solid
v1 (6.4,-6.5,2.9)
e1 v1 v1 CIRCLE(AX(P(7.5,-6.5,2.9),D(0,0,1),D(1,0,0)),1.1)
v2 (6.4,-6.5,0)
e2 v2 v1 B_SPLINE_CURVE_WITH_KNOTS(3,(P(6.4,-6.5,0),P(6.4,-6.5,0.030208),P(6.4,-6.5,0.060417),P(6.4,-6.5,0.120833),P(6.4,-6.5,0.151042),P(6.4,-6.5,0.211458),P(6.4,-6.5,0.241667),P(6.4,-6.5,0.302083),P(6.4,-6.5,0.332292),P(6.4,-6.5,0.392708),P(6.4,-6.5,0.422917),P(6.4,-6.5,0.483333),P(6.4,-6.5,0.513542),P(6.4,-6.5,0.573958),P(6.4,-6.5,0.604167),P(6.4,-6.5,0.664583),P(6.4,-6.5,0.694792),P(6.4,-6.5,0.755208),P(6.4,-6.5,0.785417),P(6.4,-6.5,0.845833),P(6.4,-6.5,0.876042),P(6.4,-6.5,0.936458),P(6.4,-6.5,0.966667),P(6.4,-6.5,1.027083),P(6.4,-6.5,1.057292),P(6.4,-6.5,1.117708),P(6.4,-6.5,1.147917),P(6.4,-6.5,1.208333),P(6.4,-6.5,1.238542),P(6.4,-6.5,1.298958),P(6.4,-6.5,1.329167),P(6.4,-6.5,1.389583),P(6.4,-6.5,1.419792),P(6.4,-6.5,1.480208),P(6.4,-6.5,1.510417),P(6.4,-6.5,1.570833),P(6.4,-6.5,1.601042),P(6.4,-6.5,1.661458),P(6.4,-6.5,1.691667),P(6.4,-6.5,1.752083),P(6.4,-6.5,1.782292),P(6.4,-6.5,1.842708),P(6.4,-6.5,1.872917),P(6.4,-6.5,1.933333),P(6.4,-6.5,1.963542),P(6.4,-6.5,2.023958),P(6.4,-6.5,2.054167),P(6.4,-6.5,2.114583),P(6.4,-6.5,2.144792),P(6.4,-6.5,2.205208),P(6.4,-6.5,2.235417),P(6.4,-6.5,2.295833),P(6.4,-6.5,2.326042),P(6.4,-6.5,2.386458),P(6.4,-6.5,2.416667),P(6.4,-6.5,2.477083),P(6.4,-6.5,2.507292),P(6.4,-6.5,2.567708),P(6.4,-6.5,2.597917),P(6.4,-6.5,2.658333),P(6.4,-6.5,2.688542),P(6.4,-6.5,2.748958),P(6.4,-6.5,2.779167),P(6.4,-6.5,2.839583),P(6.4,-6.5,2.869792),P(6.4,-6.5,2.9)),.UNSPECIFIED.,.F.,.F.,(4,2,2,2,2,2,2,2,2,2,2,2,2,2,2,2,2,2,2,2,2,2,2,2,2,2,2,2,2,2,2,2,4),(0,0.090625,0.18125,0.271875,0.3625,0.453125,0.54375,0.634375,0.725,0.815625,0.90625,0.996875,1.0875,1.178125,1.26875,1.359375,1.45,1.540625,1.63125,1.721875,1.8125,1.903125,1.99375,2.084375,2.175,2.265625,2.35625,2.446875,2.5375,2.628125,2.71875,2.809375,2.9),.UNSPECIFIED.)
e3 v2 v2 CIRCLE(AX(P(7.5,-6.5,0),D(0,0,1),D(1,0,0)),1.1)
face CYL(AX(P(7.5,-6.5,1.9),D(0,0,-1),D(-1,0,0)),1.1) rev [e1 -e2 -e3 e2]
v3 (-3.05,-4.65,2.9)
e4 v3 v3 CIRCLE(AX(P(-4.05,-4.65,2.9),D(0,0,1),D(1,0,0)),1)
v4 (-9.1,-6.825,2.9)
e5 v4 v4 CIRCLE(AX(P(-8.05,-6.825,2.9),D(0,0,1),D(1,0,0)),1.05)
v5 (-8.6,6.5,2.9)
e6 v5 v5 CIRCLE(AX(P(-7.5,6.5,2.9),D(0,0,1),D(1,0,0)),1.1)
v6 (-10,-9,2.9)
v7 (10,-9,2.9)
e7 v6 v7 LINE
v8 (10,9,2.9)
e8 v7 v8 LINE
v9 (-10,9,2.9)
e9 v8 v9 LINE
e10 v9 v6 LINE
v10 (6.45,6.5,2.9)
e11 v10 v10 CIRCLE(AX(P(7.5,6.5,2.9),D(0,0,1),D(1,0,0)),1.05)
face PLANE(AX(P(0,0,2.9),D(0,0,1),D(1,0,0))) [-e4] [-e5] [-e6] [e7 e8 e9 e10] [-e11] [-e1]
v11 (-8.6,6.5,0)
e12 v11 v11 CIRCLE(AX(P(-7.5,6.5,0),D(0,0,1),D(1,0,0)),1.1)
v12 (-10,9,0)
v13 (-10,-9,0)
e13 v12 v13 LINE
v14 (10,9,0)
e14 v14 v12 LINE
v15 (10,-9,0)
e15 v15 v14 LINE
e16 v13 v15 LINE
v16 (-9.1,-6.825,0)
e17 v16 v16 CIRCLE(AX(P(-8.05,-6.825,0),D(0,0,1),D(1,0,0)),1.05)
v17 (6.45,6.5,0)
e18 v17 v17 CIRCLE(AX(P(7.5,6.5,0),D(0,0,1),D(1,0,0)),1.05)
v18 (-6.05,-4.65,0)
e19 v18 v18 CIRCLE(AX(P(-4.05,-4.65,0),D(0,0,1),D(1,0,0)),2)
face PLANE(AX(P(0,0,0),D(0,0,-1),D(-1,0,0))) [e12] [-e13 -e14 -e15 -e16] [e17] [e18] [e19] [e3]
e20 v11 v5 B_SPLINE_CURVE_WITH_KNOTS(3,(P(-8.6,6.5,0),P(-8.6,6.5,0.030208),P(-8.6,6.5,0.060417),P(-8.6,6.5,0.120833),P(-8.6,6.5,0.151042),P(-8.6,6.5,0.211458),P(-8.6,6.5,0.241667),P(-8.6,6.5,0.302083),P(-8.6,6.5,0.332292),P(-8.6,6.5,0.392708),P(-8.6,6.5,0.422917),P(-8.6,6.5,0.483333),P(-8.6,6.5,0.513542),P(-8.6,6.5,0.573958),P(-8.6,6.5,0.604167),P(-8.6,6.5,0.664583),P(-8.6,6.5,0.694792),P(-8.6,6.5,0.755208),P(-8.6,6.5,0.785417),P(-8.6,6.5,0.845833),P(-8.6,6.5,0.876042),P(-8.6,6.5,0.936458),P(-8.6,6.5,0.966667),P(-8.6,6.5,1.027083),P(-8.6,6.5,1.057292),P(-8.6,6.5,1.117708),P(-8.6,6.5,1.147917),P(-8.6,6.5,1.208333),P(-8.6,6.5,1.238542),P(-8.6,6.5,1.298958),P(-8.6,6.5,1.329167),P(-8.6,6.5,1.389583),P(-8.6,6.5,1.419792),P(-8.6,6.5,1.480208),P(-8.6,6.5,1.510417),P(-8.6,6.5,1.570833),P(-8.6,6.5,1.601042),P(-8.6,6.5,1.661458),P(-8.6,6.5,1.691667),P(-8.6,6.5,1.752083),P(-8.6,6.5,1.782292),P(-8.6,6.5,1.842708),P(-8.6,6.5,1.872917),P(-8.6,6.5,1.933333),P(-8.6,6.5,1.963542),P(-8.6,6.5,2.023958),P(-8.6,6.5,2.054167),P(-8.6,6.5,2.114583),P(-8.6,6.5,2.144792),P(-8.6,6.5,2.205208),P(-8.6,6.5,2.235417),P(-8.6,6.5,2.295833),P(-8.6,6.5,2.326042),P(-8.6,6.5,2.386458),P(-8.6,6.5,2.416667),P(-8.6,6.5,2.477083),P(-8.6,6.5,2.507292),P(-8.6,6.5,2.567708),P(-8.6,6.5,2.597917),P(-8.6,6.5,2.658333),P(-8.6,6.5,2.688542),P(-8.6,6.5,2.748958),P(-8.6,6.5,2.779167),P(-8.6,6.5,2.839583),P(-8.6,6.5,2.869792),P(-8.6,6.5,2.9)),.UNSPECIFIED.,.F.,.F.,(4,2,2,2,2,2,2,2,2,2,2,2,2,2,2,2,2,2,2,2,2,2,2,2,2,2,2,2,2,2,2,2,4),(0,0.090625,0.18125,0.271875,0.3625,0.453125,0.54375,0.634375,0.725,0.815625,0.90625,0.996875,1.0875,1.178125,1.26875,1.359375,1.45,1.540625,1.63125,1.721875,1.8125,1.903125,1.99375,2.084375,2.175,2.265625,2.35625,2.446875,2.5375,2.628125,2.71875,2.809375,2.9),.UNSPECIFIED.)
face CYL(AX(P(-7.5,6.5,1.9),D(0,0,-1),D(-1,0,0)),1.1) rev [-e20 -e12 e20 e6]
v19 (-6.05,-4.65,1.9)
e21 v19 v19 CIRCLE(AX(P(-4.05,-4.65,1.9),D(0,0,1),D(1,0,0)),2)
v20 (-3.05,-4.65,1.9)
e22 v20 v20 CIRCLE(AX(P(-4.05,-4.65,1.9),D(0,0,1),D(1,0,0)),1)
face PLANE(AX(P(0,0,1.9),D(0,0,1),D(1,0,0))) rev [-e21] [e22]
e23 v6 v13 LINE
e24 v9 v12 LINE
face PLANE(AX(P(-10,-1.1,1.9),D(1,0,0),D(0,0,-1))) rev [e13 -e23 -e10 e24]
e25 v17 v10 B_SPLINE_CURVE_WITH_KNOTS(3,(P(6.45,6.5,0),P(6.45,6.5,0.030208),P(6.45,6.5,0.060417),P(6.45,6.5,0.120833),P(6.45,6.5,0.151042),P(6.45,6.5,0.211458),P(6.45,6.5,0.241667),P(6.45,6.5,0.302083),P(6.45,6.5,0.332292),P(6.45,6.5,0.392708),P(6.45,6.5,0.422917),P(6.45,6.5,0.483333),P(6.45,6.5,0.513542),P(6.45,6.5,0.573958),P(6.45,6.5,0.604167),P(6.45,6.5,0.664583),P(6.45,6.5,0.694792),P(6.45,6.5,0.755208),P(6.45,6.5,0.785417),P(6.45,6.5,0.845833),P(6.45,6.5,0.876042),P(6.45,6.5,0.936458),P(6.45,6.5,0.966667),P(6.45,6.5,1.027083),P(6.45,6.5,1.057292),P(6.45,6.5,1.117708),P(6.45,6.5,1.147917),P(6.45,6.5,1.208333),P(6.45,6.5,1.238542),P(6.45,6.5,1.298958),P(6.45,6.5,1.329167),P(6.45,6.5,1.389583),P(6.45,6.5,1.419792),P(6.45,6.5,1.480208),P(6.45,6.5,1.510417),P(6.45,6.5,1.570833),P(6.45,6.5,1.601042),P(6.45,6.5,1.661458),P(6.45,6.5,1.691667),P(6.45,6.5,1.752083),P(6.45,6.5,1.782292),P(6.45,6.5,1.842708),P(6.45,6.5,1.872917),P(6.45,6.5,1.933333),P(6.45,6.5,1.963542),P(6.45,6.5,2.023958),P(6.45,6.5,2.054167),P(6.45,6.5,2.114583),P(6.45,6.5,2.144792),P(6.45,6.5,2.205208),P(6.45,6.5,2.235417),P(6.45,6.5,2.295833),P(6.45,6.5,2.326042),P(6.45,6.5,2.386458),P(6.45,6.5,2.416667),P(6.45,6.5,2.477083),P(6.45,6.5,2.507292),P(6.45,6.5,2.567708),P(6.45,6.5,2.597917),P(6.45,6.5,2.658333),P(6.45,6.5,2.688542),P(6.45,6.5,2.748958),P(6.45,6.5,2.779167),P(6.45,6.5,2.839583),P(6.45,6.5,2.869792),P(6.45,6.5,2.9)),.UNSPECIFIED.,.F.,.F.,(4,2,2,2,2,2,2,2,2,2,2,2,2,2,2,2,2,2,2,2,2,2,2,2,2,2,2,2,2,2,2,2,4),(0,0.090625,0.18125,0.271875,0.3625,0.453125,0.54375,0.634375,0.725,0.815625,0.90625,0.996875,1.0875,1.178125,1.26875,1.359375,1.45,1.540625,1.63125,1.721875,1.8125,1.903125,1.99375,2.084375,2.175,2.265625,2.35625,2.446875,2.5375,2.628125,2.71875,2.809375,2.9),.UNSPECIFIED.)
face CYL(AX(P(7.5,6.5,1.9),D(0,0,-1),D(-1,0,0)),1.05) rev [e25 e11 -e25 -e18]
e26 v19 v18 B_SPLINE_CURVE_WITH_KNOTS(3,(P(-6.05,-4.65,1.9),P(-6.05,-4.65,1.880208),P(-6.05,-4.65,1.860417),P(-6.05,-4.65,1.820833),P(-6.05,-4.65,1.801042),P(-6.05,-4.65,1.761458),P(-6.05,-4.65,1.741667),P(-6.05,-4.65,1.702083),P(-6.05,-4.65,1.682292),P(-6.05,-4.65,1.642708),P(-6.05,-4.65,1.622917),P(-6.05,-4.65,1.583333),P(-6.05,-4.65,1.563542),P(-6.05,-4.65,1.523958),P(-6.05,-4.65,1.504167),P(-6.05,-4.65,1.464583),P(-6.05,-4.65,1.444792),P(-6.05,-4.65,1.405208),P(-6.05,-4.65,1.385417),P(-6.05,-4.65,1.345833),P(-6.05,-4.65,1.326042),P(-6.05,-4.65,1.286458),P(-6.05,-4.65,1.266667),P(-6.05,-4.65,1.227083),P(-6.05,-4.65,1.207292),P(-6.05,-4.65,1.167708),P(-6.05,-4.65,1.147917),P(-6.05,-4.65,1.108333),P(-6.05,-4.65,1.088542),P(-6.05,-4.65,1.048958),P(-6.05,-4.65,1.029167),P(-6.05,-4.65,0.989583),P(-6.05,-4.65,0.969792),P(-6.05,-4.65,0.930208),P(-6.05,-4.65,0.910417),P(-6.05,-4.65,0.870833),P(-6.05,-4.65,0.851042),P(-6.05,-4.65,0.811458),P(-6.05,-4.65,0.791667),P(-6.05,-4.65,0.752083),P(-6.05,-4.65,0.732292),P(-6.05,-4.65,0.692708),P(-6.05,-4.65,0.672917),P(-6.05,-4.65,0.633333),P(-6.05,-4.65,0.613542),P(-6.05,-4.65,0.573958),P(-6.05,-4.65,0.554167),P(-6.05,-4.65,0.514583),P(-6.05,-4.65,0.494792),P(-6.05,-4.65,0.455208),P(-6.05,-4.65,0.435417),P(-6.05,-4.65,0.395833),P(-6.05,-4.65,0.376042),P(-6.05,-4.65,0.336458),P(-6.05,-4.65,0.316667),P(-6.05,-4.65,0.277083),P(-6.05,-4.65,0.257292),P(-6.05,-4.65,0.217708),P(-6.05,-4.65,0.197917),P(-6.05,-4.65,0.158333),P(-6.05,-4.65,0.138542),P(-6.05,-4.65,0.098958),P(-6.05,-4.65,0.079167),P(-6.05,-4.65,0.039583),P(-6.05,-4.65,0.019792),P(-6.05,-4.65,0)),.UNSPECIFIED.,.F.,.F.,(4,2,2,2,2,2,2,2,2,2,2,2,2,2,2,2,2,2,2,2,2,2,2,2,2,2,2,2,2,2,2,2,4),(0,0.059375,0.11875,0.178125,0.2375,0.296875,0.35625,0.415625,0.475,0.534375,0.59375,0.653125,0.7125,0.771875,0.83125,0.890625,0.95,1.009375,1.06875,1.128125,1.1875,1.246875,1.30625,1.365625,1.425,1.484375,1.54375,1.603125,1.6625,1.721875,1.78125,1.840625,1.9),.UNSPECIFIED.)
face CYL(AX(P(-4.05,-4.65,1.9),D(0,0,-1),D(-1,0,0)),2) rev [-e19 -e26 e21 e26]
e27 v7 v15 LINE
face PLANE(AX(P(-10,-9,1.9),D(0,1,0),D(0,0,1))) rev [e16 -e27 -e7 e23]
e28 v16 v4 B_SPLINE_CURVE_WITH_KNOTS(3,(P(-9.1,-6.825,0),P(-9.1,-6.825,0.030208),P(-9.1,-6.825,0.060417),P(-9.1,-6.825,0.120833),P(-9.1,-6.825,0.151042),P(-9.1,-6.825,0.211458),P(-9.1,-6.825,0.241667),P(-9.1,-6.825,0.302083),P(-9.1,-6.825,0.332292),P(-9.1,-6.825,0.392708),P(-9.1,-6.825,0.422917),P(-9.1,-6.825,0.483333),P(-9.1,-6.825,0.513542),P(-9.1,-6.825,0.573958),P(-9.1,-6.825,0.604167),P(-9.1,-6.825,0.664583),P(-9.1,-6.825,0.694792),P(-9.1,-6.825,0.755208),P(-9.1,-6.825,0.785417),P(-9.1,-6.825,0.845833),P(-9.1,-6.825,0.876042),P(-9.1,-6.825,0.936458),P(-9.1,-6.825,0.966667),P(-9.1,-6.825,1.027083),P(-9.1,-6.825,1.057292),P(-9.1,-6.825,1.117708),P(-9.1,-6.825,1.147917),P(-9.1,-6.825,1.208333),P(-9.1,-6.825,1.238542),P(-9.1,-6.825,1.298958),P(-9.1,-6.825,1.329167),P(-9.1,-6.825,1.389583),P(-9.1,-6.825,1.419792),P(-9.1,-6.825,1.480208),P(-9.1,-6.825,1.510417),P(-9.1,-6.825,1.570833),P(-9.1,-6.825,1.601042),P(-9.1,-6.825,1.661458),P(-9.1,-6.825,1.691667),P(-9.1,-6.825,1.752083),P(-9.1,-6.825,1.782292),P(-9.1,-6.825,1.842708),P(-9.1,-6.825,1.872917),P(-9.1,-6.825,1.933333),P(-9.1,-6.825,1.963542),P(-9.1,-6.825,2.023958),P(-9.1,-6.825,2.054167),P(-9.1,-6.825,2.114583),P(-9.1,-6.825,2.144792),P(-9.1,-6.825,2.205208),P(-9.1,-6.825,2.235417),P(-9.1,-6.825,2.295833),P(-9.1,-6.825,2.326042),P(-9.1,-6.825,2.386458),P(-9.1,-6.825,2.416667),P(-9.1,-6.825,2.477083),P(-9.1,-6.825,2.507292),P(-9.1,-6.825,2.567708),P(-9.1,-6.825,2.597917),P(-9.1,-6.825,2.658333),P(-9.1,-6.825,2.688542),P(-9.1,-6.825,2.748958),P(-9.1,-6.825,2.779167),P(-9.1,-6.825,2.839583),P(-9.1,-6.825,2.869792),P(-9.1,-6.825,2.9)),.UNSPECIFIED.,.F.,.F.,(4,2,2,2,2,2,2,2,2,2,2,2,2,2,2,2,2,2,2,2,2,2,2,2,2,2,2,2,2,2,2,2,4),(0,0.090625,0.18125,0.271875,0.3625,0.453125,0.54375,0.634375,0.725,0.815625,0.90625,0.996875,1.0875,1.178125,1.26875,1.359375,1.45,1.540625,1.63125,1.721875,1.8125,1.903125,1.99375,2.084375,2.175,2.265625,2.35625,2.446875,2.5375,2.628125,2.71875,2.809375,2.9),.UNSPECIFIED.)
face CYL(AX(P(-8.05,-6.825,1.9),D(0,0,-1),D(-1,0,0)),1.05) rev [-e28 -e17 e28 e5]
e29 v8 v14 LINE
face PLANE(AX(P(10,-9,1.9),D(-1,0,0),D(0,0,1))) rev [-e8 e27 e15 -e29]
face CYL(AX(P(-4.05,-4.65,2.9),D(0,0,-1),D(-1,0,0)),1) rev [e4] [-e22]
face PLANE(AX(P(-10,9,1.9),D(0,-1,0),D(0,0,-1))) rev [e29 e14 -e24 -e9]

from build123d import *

# Parameters (mm, degrees)
SKETCH1_R           = 1.1
SKETCH1_R_2         = 1.05
SKETCH1_R_3         = 2
BOSS_EXTRUDE1_DEPTH = 1.9
SKETCH2_W           = 20
SKETCH2_H           = 18
SKETCH2_R           = 1.1
SKETCH2_R_2         = 1.05
SKETCH2_R_3         = 1
BOSS_EXTRUDE2_DEPTH = 1


with BuildPart() as part:
    # Sketch1 → Boss-Extrude1 (new body)
    with BuildSketch(Plane.XY):
        Polygon((-10, 9), (10, 9), (10, -9), (-10, -9), (-10, -1.1), (-10, 4), align=None)
        with Locations(Location((7.5, -6.5, 0), (0, 0, 180))):
            Circle(SKETCH1_R, mode=Mode.SUBTRACT)
        with Locations(Location((-7.5, 6.5, 0), (0, 0, 180))):
            Circle(SKETCH1_R, mode=Mode.SUBTRACT)
        with Locations(Location((-8.05, -6.825, 0), (0, 0, 180))):
            Circle(SKETCH1_R_2, mode=Mode.SUBTRACT)
        with Locations(Location((7.5, 6.5, 0), (0, 0, 180))):
            Circle(SKETCH1_R_2, mode=Mode.SUBTRACT)
        with Locations(Location((-4.05, -4.65, 0), (0, 0, 180))):
            Circle(SKETCH1_R_3, mode=Mode.SUBTRACT)
    extrude(amount=BOSS_EXTRUDE1_DEPTH)

    # Sketch2 → Boss-Extrude2 (add)
    with BuildSketch(Plane.XY.offset(1.9)):
        Rectangle(SKETCH2_W, SKETCH2_H)
        with Locations(Location((-7.5, 6.5, 0), (0, 0, 180))):
            Circle(SKETCH2_R, mode=Mode.SUBTRACT)
        with Locations(Location((7.5, 6.5, 0), (0, 0, 180))):
            Circle(SKETCH2_R_2, mode=Mode.SUBTRACT)
        with Locations(Location((7.5, -6.5, 0), (0, 0, 180))):
            Circle(SKETCH2_R, mode=Mode.SUBTRACT)
        with Locations(Location((-8.05, -6.825, 0), (0, 0, 180))):
            Circle(SKETCH2_R_2, mode=Mode.SUBTRACT)
        with Locations((-4.05, -4.65)):
            Circle(SKETCH2_R_3, mode=Mode.SUBTRACT)
    extrude(amount=BOSS_EXTRUDE2_DEPTH)


solid = part.part
